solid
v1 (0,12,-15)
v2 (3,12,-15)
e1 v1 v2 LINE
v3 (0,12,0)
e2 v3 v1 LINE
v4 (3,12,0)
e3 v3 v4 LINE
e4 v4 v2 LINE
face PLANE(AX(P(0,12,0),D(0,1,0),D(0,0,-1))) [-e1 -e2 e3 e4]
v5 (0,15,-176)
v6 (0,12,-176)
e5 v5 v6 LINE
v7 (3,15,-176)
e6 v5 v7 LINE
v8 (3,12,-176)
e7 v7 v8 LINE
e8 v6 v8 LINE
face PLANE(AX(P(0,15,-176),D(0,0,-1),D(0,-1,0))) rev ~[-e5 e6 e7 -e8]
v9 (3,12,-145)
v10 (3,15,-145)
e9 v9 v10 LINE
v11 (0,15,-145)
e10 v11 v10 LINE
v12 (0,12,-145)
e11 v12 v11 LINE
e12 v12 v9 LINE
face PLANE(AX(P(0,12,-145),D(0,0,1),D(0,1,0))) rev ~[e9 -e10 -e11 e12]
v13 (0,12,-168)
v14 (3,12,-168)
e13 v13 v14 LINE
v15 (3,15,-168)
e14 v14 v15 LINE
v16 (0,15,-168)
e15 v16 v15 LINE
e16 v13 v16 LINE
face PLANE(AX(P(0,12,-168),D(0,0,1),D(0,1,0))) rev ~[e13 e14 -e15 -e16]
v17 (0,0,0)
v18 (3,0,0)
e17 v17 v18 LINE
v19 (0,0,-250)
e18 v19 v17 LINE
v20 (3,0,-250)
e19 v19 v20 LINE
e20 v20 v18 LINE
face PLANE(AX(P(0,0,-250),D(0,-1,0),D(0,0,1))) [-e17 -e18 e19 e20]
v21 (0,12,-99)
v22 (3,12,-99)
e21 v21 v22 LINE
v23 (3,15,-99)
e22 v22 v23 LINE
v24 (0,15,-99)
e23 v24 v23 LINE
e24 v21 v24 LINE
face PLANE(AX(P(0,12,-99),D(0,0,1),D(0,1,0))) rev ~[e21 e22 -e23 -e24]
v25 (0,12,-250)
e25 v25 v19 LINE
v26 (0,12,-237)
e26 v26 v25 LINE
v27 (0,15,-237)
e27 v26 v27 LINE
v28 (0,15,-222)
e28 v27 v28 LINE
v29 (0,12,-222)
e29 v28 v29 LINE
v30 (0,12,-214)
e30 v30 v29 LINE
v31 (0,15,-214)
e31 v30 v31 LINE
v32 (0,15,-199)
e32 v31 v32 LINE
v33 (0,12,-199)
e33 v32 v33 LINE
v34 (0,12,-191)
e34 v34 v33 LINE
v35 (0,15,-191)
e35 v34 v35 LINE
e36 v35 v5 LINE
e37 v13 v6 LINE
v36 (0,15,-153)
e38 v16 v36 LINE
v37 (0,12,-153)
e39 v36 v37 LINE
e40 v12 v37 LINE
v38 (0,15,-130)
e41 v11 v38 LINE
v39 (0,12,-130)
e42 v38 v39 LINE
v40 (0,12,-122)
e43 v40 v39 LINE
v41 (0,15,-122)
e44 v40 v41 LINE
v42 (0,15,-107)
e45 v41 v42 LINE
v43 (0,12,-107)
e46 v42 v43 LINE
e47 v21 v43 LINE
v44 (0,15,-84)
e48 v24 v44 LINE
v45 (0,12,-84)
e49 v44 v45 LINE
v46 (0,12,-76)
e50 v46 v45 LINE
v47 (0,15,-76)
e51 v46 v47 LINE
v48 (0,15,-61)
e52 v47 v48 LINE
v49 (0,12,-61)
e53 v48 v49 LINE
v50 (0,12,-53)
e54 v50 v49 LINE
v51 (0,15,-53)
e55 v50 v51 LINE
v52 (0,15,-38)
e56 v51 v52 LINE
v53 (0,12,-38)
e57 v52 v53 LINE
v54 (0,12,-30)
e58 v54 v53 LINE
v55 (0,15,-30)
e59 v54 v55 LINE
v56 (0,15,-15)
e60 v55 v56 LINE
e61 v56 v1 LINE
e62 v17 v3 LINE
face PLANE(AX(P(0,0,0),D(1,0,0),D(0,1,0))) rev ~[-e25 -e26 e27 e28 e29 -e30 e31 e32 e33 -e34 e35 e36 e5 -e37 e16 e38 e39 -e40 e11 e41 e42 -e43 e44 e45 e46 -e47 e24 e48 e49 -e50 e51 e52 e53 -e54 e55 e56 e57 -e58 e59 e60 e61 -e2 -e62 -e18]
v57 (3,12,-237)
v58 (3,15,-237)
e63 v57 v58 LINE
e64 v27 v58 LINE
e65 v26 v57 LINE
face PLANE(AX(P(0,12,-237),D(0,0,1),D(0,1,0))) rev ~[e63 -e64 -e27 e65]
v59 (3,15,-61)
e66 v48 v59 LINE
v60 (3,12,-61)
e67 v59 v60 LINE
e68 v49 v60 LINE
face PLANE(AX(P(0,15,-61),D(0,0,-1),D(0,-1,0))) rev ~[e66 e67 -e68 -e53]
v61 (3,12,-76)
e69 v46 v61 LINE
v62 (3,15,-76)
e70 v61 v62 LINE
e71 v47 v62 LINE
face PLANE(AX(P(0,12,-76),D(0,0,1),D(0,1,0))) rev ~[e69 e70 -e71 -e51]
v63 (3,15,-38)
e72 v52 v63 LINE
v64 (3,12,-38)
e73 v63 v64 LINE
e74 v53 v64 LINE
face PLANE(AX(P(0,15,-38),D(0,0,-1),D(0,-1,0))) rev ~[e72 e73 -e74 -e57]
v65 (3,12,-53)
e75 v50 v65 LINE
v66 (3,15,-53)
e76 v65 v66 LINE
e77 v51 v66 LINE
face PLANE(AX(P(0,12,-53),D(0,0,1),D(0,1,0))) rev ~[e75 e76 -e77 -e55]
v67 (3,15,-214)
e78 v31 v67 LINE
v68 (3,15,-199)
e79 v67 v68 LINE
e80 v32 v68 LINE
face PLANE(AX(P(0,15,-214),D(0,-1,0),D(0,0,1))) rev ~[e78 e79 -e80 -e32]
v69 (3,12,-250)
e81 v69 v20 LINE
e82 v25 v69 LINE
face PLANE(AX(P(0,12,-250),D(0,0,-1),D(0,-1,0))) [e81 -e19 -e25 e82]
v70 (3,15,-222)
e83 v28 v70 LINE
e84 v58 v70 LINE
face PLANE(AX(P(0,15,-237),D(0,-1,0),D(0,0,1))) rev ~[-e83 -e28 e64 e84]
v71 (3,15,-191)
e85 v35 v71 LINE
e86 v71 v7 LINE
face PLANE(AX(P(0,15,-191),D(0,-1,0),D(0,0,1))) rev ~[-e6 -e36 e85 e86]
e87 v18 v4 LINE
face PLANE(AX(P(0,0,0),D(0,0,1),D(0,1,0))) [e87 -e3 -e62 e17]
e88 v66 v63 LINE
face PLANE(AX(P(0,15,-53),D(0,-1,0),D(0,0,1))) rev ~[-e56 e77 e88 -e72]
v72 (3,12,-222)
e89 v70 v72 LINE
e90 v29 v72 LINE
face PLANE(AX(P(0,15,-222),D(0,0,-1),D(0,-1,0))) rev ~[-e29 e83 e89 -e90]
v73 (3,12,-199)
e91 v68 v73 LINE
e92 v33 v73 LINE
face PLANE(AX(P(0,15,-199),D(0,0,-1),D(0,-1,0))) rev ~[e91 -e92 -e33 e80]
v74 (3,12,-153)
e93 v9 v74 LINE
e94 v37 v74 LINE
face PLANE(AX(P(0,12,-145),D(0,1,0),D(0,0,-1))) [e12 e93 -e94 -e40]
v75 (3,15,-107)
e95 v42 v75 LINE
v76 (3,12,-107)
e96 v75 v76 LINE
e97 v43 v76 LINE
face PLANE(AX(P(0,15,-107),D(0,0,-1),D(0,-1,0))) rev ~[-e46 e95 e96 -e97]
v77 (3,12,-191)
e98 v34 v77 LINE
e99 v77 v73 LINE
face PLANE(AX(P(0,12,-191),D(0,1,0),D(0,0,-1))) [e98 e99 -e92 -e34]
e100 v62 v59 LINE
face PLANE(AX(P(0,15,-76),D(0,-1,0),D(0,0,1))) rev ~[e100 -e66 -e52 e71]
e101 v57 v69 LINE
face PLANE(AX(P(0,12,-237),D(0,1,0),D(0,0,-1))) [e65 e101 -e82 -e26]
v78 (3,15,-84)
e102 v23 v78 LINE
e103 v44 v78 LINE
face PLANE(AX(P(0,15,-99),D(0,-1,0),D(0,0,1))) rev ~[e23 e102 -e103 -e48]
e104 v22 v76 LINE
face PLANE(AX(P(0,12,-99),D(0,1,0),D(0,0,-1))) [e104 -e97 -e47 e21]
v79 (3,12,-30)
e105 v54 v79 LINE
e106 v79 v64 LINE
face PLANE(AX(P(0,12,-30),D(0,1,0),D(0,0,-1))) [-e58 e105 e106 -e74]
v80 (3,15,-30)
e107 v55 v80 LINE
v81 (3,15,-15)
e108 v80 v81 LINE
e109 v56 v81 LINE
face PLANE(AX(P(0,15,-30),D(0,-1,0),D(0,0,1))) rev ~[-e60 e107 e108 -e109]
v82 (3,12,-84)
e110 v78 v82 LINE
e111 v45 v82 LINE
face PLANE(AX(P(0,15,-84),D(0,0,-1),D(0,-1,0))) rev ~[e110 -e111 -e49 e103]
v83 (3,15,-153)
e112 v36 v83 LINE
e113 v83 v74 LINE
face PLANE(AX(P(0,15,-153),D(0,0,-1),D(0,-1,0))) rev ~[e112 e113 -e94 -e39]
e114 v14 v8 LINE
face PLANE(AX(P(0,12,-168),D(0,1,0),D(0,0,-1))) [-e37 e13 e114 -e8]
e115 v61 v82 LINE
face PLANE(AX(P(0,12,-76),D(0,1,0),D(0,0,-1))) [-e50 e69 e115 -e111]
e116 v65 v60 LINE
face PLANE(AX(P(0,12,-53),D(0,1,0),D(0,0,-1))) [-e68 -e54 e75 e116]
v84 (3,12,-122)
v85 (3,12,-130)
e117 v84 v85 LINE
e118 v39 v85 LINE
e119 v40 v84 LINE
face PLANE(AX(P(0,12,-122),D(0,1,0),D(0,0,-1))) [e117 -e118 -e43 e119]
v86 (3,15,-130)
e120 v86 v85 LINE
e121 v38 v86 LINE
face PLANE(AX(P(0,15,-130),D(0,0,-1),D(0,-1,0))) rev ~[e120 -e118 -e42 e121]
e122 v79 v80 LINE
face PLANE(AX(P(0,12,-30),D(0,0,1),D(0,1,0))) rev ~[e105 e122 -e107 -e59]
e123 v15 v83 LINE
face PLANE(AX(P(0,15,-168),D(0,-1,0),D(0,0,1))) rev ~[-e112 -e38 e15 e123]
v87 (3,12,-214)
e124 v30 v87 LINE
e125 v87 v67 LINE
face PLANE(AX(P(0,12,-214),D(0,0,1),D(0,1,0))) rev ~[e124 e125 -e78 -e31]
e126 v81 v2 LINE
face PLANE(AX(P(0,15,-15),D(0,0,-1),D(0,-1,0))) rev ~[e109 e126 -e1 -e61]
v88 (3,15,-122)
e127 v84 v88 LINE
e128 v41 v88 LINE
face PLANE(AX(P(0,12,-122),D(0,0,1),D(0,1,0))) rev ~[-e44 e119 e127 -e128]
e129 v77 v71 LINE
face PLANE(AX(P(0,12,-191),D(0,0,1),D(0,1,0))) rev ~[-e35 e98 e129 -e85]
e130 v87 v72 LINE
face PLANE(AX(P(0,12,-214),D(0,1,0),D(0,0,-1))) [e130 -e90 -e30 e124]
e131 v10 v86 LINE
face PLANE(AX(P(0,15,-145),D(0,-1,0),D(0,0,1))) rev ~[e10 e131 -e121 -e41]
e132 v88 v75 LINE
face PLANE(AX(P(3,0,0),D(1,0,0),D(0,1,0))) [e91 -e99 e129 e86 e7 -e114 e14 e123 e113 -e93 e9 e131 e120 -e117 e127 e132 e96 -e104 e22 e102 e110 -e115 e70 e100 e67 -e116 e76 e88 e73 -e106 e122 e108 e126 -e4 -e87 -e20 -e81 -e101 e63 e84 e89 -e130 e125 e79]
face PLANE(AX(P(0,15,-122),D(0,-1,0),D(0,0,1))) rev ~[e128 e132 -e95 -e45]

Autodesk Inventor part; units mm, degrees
ref_plane "YZ Plane" through (0, 0, 0) normal (1, 0, 0) x (0, 1, 0)
ref_plane "XZ Plane" through (0, 0, 0) normal (0, 1, 0) x (-1, 0, 0)
ref_plane "XY Plane" through (0, 0, 0) normal (0, 0, 1) x (1, 0, 0)
sketch "Boceto1" plane through (0, 0, 0) normal (1, 0, 0) x (0, 1, 0)
  line L0 (0, 0) -> (12, 0)
  line L1 (12, 0) -> (12, -250)
  line L2 (12, -250) -> (0, -250)
  line L3 (0, -250) -> (0, 0)
  line L4 (12, -15) -> (12, -30)
  line L5 (12, -30) -> (15, -30)
  line L6 (15, -30) -> (15, -15)
  line L7 (15, -15) -> (12, -15)
  line L8 (15, -53) -> (15, -38)
  line L9 (15, -38) -> (12, -38)
  line L10 (12, -38) -> (12, -53)
  line L11 (12, -53) -> (15, -53)
  line L12 (15, -76) -> (15, -61)
  line L13 (15, -61) -> (12, -61)
  line L14 (12, -61) -> (12, -76)
  line L15 (12, -76) -> (15, -76)
  line L16 (15, -99) -> (15, -84)
  line L17 (15, -84) -> (12, -84)
  line L18 (12, -84) -> (12, -99)
  line L19 (12, -99) -> (15, -99)
  line L20 (15, -122) -> (15, -107)
  line L21 (15, -107) -> (12, -107)
  line L22 (12, -107) -> (12, -122)
  line L23 (12, -122) -> (15, -122)
  line L24 (15, -145) -> (15, -130)
  line L25 (15, -130) -> (12, -130)
  line L26 (12, -130) -> (12, -145)
  line L27 (12, -145) -> (15, -145)
  line L28 (15, -168) -> (15, -153)
  line L29 (15, -153) -> (12, -153)
  line L30 (12, -153) -> (12, -168)
  line L31 (12, -168) -> (15, -168)
  line L32 (15, -191) -> (15, -176)
  line L33 (15, -176) -> (12, -176)
  line L34 (12, -176) -> (12, -191)
  line L35 (12, -191) -> (15, -191)
  line L36 (15, -214) -> (15, -199)
  line L37 (15, -199) -> (12, -199)
  line L38 (12, -199) -> (12, -214)
  line L39 (12, -214) -> (15, -214)
  line L40 (15, -237) -> (15, -222)
  line L41 (15, -222) -> (12, -222)
  line L42 (12, -222) -> (12, -237)
  line L43 (12, -237) -> (15, -237)
  point P0 (12, -128)
  point P1 (13.5, -15)
  point P2 (13.5, -38)
  point P3 (13.5, -61)
  point P4 (13.5, -84)
  point P5 (13.5, -107)
  point P6 (13.5, -130)
  point P7 (13.5, -153)
  point P8 (13.5, -176)
  point P9 (13.5, -199)
  point P10 (13.5, -222)
  point P11 (12, -107)
  point P12 (12, -99)
  point P13 (12, -84)
  point P14 (12, -76)
  point P15 (12, -61)
  point P16 (12, -53)
  point P17 (12, -38)
  point P18 (12, -30)
  point P19 (12, -15)
  point P20 (12, -237)
  point P21 (12, -222)
  point P22 (12, -214)
  point P23 (12, -199)
  point P24 (12, -191)
  point P25 (12, -176)
  point P26 (12, -168)
  point P27 (12, -153)
  point P28 (12, -145)
  point P29 (12, -130)
  point P30 (12, -122)
  dimension "d0" = 12
  dimension "d1" = 250
  dimension "d2" = 15
  dimension "d3" = 3
  dimension "d4" = 23
extrude "Extrusión1" add sketch "Boceto1" along normal blind 3
